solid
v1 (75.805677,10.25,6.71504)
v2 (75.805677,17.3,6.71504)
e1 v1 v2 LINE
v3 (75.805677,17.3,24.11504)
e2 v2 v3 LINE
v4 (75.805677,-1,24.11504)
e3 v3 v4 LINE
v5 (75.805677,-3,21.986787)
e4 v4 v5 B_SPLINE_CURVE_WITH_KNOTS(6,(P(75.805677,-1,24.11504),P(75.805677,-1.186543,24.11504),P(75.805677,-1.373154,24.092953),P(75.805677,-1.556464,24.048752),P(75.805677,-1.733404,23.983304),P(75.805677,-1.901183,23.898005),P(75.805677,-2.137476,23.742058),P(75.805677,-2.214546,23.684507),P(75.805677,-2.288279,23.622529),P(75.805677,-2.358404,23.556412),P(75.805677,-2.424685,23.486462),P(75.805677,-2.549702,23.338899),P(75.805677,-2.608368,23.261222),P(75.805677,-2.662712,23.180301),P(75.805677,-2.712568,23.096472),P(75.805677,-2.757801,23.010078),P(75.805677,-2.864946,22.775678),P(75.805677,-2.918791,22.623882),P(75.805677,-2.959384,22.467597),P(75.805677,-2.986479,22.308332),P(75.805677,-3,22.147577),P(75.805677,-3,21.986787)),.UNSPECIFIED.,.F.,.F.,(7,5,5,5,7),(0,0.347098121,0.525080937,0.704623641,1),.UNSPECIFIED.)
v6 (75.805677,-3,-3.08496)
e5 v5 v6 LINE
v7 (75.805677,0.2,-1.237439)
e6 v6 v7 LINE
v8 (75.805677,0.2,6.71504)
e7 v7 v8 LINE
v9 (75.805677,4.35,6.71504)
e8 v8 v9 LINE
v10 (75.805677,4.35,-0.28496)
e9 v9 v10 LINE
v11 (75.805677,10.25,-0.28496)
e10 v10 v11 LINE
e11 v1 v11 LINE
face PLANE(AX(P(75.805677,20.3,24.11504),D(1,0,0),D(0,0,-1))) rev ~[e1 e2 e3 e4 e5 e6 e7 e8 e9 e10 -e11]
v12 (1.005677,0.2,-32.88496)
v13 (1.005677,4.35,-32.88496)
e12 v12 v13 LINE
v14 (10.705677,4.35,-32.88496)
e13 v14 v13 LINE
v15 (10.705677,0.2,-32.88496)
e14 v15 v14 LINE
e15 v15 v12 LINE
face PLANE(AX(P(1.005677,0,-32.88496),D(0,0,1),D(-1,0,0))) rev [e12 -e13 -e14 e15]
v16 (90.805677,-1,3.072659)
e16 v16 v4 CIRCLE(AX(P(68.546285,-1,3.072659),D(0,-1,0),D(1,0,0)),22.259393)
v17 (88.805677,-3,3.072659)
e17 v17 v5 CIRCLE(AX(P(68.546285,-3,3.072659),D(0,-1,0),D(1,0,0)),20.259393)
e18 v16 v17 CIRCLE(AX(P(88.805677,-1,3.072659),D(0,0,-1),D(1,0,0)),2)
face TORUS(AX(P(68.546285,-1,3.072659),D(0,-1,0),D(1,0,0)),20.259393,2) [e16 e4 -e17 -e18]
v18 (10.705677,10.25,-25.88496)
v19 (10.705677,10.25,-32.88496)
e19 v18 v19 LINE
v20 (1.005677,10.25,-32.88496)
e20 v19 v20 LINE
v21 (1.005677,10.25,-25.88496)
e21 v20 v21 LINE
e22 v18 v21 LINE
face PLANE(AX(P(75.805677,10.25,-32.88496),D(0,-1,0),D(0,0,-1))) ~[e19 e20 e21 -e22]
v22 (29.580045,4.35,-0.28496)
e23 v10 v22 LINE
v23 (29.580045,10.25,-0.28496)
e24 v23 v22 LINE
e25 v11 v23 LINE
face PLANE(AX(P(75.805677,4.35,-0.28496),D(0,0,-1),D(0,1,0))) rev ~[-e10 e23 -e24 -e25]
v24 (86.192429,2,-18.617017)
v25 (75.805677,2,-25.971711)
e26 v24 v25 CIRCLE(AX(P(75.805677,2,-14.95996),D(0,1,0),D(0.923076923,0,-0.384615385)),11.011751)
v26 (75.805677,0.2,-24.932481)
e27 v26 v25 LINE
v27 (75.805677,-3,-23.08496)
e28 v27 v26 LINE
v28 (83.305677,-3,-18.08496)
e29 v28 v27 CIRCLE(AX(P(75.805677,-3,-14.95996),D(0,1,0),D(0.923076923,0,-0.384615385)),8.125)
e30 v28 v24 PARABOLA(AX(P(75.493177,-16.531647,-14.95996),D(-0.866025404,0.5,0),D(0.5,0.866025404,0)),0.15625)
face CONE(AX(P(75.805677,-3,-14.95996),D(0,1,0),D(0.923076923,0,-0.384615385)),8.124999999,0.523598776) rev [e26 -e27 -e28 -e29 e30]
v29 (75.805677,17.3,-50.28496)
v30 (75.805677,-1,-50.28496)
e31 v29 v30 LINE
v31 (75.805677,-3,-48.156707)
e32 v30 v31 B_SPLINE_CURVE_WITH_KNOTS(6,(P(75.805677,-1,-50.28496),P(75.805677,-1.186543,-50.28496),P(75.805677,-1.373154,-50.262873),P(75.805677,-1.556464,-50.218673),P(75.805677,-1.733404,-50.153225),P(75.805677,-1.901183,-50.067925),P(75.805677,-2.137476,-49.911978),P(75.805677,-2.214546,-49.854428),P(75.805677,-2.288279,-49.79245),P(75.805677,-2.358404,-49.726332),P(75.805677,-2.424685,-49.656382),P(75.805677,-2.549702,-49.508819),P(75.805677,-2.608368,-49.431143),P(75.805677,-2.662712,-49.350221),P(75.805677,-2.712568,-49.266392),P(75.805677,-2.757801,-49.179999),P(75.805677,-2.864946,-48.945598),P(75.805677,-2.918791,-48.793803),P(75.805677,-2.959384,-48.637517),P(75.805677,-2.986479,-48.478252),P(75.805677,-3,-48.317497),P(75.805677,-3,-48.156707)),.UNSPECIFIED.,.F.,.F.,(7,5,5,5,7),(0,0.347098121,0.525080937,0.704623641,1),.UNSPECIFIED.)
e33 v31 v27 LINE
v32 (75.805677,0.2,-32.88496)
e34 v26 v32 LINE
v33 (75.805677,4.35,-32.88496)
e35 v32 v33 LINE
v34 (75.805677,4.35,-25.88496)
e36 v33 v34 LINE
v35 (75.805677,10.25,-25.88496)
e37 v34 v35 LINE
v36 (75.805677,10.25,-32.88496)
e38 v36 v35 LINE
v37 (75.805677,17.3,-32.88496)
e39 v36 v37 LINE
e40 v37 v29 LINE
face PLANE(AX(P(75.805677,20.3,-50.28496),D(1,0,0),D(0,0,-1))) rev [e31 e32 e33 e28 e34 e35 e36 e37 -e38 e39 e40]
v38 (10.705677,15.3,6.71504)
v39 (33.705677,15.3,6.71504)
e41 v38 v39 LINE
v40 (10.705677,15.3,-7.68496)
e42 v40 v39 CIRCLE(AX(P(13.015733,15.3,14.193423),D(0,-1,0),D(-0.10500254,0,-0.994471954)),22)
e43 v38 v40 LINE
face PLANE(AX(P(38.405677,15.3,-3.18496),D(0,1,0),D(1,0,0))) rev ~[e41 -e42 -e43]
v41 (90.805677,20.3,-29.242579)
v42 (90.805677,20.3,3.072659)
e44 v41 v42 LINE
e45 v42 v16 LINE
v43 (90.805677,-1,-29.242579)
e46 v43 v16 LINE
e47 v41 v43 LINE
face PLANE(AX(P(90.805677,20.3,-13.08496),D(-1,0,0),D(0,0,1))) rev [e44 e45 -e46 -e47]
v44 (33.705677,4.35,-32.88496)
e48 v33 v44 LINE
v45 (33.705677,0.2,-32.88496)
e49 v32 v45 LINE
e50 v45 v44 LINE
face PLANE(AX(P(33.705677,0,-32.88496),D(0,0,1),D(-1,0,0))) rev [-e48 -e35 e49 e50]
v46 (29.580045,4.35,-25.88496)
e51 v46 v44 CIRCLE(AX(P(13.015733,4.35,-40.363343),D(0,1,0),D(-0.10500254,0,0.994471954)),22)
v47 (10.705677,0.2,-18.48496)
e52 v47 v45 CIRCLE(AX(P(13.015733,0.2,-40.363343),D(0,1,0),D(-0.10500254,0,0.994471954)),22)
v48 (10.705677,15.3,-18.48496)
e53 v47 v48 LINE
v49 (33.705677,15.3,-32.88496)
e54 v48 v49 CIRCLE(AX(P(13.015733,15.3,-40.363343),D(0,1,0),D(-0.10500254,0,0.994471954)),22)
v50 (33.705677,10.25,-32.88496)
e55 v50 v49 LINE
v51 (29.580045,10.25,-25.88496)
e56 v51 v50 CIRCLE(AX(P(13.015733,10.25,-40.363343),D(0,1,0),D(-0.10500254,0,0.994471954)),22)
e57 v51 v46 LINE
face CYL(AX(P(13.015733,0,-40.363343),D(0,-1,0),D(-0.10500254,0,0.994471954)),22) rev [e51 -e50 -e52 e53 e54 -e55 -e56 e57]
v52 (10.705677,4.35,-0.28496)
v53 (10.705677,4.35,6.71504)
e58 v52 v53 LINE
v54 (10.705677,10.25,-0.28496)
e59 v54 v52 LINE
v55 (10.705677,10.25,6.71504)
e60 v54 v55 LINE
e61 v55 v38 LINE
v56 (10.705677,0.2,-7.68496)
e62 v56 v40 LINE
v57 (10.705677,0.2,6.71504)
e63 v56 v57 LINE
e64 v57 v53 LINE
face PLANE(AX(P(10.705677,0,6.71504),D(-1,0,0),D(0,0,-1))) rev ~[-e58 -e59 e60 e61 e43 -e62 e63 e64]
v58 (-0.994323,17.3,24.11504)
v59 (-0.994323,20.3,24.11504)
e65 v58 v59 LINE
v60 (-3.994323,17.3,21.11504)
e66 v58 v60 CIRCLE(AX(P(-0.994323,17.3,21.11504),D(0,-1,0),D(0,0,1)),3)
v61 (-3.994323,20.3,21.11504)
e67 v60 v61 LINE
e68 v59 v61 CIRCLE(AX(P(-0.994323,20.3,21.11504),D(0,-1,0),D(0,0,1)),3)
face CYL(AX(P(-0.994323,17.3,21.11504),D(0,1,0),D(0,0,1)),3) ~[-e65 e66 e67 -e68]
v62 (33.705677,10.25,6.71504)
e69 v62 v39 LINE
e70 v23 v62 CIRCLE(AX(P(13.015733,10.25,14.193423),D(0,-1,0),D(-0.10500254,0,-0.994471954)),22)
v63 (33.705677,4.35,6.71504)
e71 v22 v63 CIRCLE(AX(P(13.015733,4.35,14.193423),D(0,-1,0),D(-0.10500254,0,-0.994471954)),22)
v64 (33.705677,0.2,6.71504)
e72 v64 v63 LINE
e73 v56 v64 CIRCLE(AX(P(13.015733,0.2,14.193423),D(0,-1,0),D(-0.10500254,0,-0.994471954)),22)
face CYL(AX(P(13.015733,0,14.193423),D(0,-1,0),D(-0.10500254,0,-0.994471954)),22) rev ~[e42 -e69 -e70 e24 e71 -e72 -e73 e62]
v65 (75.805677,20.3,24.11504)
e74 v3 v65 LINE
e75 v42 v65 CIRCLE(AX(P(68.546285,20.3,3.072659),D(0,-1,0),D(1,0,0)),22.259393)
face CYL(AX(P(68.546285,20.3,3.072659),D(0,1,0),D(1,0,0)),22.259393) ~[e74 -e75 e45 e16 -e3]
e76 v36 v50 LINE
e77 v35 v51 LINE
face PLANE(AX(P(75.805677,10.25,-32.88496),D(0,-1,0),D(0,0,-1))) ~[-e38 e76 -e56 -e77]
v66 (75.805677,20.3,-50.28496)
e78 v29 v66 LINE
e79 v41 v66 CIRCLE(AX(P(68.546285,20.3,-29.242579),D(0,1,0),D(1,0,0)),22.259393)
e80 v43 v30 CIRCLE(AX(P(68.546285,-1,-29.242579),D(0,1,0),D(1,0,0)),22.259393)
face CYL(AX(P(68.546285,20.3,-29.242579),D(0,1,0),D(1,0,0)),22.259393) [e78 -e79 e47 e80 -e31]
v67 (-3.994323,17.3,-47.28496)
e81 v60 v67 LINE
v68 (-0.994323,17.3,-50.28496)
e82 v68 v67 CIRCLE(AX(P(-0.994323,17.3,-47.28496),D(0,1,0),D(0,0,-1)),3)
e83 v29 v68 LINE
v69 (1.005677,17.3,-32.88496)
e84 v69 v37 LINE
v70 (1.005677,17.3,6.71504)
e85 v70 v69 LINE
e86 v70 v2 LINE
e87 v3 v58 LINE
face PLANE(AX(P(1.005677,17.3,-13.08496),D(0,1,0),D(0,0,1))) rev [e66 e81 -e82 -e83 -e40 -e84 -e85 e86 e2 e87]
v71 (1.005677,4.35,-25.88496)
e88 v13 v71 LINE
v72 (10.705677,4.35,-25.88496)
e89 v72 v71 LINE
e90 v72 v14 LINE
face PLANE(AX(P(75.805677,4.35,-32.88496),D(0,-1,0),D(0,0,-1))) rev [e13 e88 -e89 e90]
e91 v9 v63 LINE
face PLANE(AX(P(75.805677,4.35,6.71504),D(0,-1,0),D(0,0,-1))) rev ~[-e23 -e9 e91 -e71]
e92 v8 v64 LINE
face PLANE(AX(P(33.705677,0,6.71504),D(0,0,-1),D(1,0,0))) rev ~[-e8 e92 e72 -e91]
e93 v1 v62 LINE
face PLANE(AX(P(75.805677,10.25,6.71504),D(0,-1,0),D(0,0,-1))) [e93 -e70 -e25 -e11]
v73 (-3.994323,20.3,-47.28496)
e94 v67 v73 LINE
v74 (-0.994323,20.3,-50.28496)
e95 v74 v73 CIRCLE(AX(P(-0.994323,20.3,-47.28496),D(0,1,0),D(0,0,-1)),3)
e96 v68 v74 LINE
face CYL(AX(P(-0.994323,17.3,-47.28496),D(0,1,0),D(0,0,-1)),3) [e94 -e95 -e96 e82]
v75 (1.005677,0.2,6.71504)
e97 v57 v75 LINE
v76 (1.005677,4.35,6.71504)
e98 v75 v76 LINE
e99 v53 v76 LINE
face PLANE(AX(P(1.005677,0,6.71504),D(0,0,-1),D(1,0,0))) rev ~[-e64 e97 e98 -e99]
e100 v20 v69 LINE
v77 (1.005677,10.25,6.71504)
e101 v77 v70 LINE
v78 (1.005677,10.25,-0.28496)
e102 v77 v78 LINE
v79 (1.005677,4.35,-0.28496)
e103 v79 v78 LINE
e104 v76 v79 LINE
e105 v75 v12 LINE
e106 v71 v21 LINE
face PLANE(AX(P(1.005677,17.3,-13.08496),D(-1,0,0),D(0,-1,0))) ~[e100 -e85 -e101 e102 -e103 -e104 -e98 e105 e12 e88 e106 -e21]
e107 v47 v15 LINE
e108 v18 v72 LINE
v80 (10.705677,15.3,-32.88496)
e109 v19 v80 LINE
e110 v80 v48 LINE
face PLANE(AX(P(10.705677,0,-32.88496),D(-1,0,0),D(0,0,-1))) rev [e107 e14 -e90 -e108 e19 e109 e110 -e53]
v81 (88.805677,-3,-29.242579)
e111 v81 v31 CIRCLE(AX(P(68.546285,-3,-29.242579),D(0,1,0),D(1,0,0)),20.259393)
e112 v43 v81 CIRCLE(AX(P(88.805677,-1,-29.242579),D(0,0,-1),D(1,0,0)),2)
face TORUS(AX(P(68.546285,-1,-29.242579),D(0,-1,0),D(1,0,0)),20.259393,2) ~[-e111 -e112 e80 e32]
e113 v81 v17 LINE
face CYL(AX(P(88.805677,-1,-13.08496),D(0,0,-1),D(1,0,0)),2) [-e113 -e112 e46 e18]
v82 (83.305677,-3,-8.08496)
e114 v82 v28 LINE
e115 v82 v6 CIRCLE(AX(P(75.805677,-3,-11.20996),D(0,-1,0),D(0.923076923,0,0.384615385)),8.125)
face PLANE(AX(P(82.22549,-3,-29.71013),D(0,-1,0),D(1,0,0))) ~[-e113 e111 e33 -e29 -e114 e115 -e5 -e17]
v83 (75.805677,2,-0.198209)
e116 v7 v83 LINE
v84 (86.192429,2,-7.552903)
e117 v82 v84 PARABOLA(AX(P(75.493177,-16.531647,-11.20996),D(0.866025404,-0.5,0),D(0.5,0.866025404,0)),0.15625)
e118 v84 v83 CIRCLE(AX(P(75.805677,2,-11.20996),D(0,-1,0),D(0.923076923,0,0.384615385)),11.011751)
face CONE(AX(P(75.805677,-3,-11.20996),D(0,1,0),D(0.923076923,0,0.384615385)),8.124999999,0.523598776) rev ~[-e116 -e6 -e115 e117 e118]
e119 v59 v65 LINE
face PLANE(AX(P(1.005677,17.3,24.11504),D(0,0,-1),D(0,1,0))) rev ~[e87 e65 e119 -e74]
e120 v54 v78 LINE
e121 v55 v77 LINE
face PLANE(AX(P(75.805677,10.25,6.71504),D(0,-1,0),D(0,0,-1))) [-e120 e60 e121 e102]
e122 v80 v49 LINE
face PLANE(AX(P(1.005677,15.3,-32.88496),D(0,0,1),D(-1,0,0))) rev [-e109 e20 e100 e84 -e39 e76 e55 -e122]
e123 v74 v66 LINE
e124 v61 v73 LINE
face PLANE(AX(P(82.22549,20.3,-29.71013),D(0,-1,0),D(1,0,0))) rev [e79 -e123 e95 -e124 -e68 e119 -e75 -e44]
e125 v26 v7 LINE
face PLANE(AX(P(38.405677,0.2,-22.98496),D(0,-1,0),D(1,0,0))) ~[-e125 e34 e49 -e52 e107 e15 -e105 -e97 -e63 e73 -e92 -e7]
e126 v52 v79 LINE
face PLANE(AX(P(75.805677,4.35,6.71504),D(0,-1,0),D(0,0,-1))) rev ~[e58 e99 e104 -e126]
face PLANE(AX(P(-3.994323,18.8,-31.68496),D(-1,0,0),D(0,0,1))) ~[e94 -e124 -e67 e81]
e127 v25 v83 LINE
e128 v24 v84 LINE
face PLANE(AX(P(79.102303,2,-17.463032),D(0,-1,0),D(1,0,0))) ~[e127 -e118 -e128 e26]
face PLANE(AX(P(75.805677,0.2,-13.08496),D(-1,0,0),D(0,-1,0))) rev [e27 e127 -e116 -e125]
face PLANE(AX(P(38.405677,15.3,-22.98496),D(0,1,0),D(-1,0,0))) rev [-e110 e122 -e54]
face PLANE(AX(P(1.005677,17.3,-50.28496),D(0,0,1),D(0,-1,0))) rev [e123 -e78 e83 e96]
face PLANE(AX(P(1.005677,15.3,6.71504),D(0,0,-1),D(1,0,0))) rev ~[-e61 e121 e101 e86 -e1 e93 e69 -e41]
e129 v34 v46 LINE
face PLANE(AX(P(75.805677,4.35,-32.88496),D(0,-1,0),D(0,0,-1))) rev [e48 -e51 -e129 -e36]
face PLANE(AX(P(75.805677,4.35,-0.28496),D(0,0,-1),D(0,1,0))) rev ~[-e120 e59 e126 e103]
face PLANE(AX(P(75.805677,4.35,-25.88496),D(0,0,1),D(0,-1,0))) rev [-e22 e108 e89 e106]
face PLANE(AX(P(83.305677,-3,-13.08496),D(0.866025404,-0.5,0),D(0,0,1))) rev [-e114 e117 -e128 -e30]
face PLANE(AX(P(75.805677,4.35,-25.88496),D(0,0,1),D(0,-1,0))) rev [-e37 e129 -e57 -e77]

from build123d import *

# Parameters (mm, degrees)
BOSS_EXTRUDE1_DEPTH = 15.3
SKETCH4_W           = 7
SKETCH4_H           = 5.9
CUT_EXTRUDE1_DEPTH  = 78.461901488
SKETCH5_W           = 74.8
SKETCH5_H           = 19.8
BOSS_EXTRUDE2_DEPTH = 2
SKETCH6_W           = 74.8
SKETCH6_H           = 3
BOSS_EXTRUDE3_DEPTH = 37.2
SKETCH7_W           = 37.2
SKETCH7_H           = 3
BOSS_EXTRUDE4_DEPTH = 5
FILLET1_R           = 3
BOSS_EXTRUDE5_DEPTH = 23.3
FILLET2_R           = 2
SKETCH10_W          = 74.8
SKETCH10_H          = 19.8
CUT_EXTRUDE2_DEPTH  = 0.2
CUT_EXTRUDE3_DEPTH  = 5
CUT_EXTRUDE3_DRAFT  = 30
BOSS_EXTRUDE6_DEPTH = 15


with BuildPart() as part:
    # Sketch1 → Boss-Extrude1 (new body)
    with BuildSketch(Plane(origin=(0, 0, 0), x_dir=(1, 0, 0), z_dir=(0, 1, 0))):
        with BuildLine():
            Line((1.005677457, 13.08496015), (1.005677457, -6.71503985))
            Line((1.005677457, -6.71503985), (10.705677457, -6.71503985))
            Line((10.705677457, -6.71503985), (10.705677457, 7.68496015))
            ThreePointArc((10.705677457, 7.68496015), (24.690281417, 4.453424809), (33.705677457, -6.71503985))
            Line((33.705677457, -6.71503985), (75.805677457, -6.71503985))
            Line((75.805677457, -6.71503985), (75.805677457, 13.08496015))
            Line((75.805677457, 13.08496015), (1.005677457, 13.08496015))
        make_face()
    extrude(amount=BOSS_EXTRUDE1_DEPTH)

    # Sketch4 → Cut-Extrude1 (cut, through all)
    with BuildSketch(Plane(origin=(75.805677457, 0, 0), x_dir=(0, 0, -1), z_dir=(1, 0, 0))):
        with Locations((-3.21503985, 7.3)):
            Rectangle(SKETCH4_W, SKETCH4_H)
    extrude(amount=-CUT_EXTRUDE1_DEPTH, mode=Mode.SUBTRACT)

    # Sketch5 → Boss-Extrude2 (add)
    with BuildSketch(Plane(origin=(0, 15.3, 0), x_dir=(1, 0, 0), z_dir=(0, 1, 0))):
        with Locations((38.405677457, 3.18496015)):
            Rectangle(SKETCH5_W, SKETCH5_H)
    extrude(amount=BOSS_EXTRUDE2_DEPTH)

    # Sketch6 → Boss-Extrude3 (add)
    with BuildSketch(Plane(origin=(0, 0, -13.08496015), x_dir=(-1, 0, 0), z_dir=(0, 0, -1))):
        with Locations((-38.405677457, 18.8)):
            Rectangle(SKETCH6_W, SKETCH6_H)
    extrude(amount=-BOSS_EXTRUDE3_DEPTH)

    # Sketch7 → Boss-Extrude4 (add)
    with BuildSketch(Plane.ZY.offset(-1.005677457)):
        with Locations((5.51503985, 18.8)):
            Rectangle(SKETCH7_W, SKETCH7_H)
    extrude(amount=BOSS_EXTRUDE4_DEPTH)

    # Fillet1
    fillet1_edges = [part.edges().sort_by_distance(p)[0] for p in [
        (-3.994322543, 18.8, 24.11503985),
    ]]
    fillet(fillet1_edges, radius=FILLET1_R)

    # Sketch8 → Boss-Extrude5 (add)
    with BuildSketch(Plane(origin=(0, 20.3, 0), x_dir=(1, 0, 0), z_dir=(0, 1, 0))):
        with BuildLine():
            Line((75.805677457, 13.08496015), (90.805677457, 13.08496015))
            Line((90.805677457, 13.08496015), (90.805677457, -3.072659154))
            ThreePointArc((90.805677457, -3.072659154), (86.671822493, -15.993396221), (75.805677457, -24.11503985))
            Line((75.805677457, -24.11503985), (75.805677457, 13.08496015))
        make_face()
    extrude(amount=-BOSS_EXTRUDE5_DEPTH)

    # Fillet2
    fillet2_edges = [part.edges().sort_by_distance(p)[0] for p in [
        (90.805677457, -3, -5.006150498),
        (86.671822493, -3, 15.993396221),
    ]]
    fillet(fillet2_edges, radius=FILLET2_R)

    # Sketch10 → Cut-Extrude2 (cut)
    with BuildSketch(Plane(origin=(0, 0, 0), x_dir=(-1, 0, 0), z_dir=(0, -1, 0))):
        with Locations((-38.405677457, 3.18496015)):
            Rectangle(SKETCH10_W, SKETCH10_H)
    extrude(amount=-CUT_EXTRUDE2_DEPTH, mode=Mode.SUBTRACT)


with BuildPart() as cut_extrude3_tool:
    # Sketch11 → Cut-Extrude3 (with draft: the straight prism first)
    with BuildSketch(Plane(origin=(0, -3, 0), x_dir=(-1, 0, 0), z_dir=(0, -1, 0))):
        with BuildLine():
            Line((-75.805677457, 13.08496015), (-83.305677457, 13.08496015))
            Line((-83.305677457, 13.08496015), (-83.305677457, 8.08496015))
            ThreePointArc((-83.305677457, 8.08496015), (-80.312616551, 4.449551508), (-75.805677457, 3.08496015))
            Line((-75.805677457, 3.08496015), (-75.805677457, 13.08496015))
        make_face()
    extrude(amount=-CUT_EXTRUDE3_DEPTH)
    # Cut-Extrude3: the draft: its side faces are tilted about the plane it starts from
    cut_extrude3_sides = [cut_extrude3_tool.faces().sort_by_distance(p)[0] for p in [
        (75.805677457, -0.5, -8.08496015),
        (79.555677457, -0.5, -13.08496015),
        (83.305677457, -0.5, -10.58496015),
        (80.312616551, -0.5, -4.449551508),
    ]]
    draft(cut_extrude3_sides, Plane(origin=(0, -3, 0), x_dir=(-1, 0, 0), z_dir=(0, -1, 0)), CUT_EXTRUDE3_DRAFT)


with BuildPart() as part_1:
    add(part.part)

    # Cut-Extrude3: cut by cut_extrude3_tool
    add(cut_extrude3_tool.part, mode=Mode.SUBTRACT)

    # Sketch14 → Boss-Extrude6 (add)
    with BuildSketch(Plane(origin=(0, 0, -13.08496015), x_dir=(-1, 0, 0), z_dir=(0, 0, -1))):
        Polygon((-72.918926111, 2), (-73.958156595, 0.2), (-75.805677457, 0.2), (-75.805677457, 2), align=None)
    extrude(amount=-BOSS_EXTRUDE6_DEPTH)

    # Mirror1: part across plane


with BuildPart() as part_2:
    add(part_1.part)
    add(part_1.part.mirror(Plane(origin=(0, 15.3, -13.08496015), x_dir=(1, 0, 0), z_dir=(0, 0, -1))))


solid = part_2.part
